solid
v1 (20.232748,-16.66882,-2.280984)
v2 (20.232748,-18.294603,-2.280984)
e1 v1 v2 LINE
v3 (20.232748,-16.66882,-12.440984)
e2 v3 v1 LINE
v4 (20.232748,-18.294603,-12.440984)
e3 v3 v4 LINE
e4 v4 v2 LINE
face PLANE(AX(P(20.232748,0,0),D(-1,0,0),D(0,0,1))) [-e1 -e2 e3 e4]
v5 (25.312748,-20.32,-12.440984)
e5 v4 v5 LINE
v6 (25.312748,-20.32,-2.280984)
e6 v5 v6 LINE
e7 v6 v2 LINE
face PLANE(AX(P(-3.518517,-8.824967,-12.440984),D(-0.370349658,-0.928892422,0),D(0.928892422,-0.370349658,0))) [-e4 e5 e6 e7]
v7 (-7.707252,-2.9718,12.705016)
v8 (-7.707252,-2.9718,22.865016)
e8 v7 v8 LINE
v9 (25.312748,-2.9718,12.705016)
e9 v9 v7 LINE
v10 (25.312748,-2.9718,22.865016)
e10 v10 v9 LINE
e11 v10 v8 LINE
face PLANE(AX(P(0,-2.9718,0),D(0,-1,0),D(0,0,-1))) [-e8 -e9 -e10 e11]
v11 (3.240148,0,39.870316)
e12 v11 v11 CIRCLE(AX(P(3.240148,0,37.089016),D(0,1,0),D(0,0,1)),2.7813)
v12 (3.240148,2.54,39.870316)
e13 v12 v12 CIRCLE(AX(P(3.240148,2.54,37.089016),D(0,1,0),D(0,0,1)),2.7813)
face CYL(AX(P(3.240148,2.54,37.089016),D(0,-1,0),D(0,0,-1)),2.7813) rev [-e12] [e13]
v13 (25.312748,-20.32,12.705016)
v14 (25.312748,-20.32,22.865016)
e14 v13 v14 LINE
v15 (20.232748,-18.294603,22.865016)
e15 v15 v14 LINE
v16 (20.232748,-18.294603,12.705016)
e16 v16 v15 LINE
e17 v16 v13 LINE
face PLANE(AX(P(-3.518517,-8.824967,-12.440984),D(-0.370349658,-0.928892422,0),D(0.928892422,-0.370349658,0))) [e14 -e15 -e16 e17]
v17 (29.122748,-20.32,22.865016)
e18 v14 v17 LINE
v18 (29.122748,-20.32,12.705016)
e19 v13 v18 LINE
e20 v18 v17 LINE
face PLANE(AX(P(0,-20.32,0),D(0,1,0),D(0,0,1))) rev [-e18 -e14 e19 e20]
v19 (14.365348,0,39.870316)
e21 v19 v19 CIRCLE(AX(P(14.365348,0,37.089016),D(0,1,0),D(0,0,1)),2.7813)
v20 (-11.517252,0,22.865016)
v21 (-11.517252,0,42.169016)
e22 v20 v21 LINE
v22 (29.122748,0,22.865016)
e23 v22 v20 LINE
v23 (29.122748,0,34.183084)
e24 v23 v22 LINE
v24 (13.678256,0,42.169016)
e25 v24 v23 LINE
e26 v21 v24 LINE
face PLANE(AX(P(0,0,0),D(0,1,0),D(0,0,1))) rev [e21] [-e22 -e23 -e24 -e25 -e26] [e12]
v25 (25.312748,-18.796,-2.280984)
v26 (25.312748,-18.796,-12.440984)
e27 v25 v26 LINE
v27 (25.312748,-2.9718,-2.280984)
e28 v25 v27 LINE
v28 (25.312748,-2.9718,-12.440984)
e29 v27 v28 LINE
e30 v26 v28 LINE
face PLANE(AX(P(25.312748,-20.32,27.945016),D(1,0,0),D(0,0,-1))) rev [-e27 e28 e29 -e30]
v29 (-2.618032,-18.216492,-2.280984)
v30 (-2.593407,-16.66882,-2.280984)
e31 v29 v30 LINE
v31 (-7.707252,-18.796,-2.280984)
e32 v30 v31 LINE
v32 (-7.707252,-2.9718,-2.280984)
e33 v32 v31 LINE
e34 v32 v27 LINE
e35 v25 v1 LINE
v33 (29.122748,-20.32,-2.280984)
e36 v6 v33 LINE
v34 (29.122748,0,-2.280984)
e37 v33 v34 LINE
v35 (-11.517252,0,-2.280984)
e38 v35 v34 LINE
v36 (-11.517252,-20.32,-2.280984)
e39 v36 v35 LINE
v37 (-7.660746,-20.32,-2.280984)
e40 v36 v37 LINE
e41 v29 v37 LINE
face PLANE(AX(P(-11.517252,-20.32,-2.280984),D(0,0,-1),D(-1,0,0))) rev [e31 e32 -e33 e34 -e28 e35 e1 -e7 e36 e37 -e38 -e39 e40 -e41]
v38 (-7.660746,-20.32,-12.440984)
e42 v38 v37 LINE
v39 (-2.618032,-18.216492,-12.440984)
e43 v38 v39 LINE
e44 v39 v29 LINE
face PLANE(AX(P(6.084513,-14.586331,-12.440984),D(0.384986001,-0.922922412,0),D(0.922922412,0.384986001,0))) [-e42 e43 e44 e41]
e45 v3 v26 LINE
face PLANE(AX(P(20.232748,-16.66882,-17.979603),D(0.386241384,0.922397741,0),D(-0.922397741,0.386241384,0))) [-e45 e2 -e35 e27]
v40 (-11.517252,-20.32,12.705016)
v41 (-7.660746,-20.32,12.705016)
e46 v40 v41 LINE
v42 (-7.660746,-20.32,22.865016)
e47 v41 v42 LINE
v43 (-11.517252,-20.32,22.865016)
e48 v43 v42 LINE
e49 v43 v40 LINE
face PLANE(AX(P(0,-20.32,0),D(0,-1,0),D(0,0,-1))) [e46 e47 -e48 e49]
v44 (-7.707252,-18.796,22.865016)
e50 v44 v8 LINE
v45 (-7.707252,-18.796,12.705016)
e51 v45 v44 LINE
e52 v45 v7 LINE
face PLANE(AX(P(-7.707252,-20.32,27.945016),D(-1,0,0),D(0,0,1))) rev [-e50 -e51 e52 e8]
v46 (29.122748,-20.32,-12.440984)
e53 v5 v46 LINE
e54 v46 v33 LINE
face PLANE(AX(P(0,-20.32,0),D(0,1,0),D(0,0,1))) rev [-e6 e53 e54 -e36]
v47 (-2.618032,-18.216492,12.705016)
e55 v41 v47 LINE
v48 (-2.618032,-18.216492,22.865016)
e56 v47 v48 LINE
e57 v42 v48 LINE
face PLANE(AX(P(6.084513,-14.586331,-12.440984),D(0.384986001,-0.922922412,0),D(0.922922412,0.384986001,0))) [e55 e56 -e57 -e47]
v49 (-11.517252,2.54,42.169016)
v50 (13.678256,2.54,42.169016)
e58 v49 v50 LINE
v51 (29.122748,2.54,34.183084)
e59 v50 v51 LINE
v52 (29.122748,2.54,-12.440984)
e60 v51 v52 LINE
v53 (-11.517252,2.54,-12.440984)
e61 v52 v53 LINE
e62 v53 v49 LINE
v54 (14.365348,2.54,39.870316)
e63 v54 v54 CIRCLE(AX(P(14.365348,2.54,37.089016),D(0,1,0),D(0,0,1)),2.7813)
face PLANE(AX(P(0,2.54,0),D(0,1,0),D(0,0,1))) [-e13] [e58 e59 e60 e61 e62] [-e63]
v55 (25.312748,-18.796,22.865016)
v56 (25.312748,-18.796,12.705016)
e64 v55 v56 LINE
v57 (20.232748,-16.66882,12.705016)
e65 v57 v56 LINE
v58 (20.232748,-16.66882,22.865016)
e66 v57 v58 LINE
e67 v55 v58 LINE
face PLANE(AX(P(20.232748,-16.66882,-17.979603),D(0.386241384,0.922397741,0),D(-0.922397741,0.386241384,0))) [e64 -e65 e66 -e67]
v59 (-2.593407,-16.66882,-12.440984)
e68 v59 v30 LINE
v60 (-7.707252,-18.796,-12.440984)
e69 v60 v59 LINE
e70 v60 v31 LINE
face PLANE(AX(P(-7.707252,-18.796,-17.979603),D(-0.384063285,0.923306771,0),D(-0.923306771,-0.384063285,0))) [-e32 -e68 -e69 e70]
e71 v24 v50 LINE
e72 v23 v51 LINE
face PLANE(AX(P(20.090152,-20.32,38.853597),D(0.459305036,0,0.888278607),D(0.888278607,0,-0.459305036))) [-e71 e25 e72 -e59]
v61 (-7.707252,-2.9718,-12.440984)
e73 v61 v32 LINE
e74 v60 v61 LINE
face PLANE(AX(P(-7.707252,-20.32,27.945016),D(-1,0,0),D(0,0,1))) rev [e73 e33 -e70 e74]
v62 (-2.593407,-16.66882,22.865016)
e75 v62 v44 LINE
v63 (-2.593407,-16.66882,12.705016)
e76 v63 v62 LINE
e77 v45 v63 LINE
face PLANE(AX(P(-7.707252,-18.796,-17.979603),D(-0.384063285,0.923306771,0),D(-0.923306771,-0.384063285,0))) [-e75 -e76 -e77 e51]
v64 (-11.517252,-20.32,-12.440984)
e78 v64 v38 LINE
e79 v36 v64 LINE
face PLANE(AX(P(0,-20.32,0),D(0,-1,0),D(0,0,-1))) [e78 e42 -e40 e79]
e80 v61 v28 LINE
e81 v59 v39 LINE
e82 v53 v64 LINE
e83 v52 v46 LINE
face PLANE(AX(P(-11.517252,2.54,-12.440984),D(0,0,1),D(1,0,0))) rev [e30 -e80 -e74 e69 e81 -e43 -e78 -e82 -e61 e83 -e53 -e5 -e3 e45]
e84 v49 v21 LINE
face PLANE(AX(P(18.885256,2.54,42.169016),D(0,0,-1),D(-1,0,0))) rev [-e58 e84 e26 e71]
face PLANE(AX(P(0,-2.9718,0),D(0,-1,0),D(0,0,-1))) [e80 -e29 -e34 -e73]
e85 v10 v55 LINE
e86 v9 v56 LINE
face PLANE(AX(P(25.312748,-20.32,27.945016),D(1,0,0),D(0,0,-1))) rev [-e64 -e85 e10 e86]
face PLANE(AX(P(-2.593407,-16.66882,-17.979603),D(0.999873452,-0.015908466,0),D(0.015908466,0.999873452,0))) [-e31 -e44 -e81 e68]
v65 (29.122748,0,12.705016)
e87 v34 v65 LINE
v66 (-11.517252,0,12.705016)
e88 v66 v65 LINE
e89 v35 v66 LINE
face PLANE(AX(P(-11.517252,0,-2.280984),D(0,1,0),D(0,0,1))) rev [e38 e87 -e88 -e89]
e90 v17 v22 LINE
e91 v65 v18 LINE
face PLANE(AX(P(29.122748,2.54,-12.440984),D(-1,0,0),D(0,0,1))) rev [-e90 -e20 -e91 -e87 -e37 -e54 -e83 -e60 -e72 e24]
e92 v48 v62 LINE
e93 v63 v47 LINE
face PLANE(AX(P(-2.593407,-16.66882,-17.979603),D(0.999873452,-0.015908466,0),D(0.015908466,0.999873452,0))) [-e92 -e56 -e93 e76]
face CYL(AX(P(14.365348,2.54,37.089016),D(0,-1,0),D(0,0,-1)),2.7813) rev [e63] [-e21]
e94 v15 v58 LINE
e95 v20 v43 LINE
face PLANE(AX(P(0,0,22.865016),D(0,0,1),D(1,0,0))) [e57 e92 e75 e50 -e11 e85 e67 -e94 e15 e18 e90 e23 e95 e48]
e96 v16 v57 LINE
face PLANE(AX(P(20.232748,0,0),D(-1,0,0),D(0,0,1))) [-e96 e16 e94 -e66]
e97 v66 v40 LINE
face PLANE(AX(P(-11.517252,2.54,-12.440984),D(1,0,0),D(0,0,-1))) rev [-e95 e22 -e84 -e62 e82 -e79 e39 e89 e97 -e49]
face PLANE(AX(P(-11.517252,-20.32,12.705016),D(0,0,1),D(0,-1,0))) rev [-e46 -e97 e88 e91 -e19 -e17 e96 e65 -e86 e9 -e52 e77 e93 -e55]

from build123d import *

# Parameters (mm, degrees)
SKETCH3_R           = 2.7813
BOSS_EXTRUDE3_DEPTH = 2.54
SKETCH4_W           = 3.81
SKETCH4_H           = 40.386
BOSS_EXTRUDE4_DEPTH = 20.32
SKETCH5_W           = 40.386
SKETCH5_H           = 1.524
BOSS_EXTRUDE5_DEPTH = 5.08
SKETCH6_W           = 40.386
SKETCH6_H           = 1.524
BOSS_EXTRUDE6_DEPTH = 5.08
SKETCH7_W           = 40.64
SKETCH7_H           = 20.32
CUT_EXTRUDE1_DEPTH  = 5.08
SKETCH11_W          = 40.64
SKETCH11_H          = 35.306
BOSS_EXTRUDE7_DEPTH = 2.9718
BOSS_EXTRUDE8_DEPTH = 35.306
SKETCH8_W           = 14.986
SKETCH8_H           = 20.32
CUT_EXTRUDE2_DEPTH  = 41.64
CUT_EXTRUDE3_DEPTH  = 36.306
SKETCH14_R          = 3.81
SKETCH14_R_2        = 2.7813
BOSS_EXTRUDE9_DEPTH = 2.54
CUT_EXTRUDE4_DEPTH  = 23.86


with BuildPart() as part:
    # Sketch3 → Boss-Extrude3 (new body)
    with BuildSketch(Plane(origin=(0, 0, 0), x_dir=(1, 0, 0), z_dir=(0, 1, 0))):
        Polygon((-11.517251908, 12.440983784), (29.122748092, 12.440983784), (29.122748092, -34.564151764), (29.122748092, -42.169016216), (18.885256114, -42.169016216), (-11.517251908, -42.169016216), align=None)
        with Locations((3.240148092, -37.089016216)):
            Circle(SKETCH3_R, mode=Mode.SUBTRACT)
        with Locations((14.365348092, -37.089016216)):
            Circle(SKETCH3_R, mode=Mode.SUBTRACT)
    extrude(amount=BOSS_EXTRUDE3_DEPTH)

    # Sketch4 → Boss-Extrude4 (add)
    with BuildSketch(Plane.XZ):
        with Locations((-9.612251908, 7.752016216)):
            Rectangle(SKETCH4_W, SKETCH4_H)
        with Locations((27.217748092, 7.752016216)):
            Rectangle(SKETCH4_W, SKETCH4_H)
    extrude(amount=BOSS_EXTRUDE4_DEPTH)

    # Sketch5 → Boss-Extrude5 (add)
    with BuildSketch(Plane(origin=(-7.707251908, 0, 0), x_dir=(0, 0, -1), z_dir=(1, 0, 0))):
        with Locations((-7.752016216, -19.558)):
            Rectangle(SKETCH5_W, SKETCH5_H)
    extrude(amount=BOSS_EXTRUDE5_DEPTH)

    # Sketch6 → Boss-Extrude6 (add)
    with BuildSketch(Plane.ZY.offset(-25.312748092)):
        with Locations((7.752016216, -19.558)):
            Rectangle(SKETCH6_W, SKETCH6_H)
    extrude(amount=BOSS_EXTRUDE6_DEPTH)

    # Sketch7 → Cut-Extrude1 (cut)
    with BuildSketch(Plane.XY.offset(27.945016216)):
        with Locations((8.802748092, -10.16)):
            Rectangle(SKETCH7_W, SKETCH7_H)
    extrude(amount=-CUT_EXTRUDE1_DEPTH, mode=Mode.SUBTRACT)

    # Sketch11 → Boss-Extrude7 (add)
    with BuildSketch(Plane.XZ):
        with Locations((8.802748092, 5.212016216)):
            Rectangle(SKETCH11_W, SKETCH11_H)
    extrude(amount=BOSS_EXTRUDE7_DEPTH)

    # Sketch12 → Boss-Extrude8 (add)
    with BuildSketch(Plane.XY.offset(22.865016216)):
        Polygon((-7.707251908, -18.796), (-2.593407451, -16.66881978), (-2.627251908, -18.796), align=None)
        Polygon((20.232748092, -18.796), (20.232748092, -16.66881978), (25.312748092, -18.796), align=None)
    extrude(amount=-BOSS_EXTRUDE8_DEPTH)

    # Sketch8 → Cut-Extrude2 (cut, through all)
    with BuildSketch(Plane(origin=(29.122748092, 0, 0), x_dir=(0, 0, -1), z_dir=(1, 0, 0))):
        with Locations((-5.212016216, -10.16)):
            Rectangle(SKETCH8_W, SKETCH8_H)
    extrude(amount=-CUT_EXTRUDE2_DEPTH, mode=Mode.SUBTRACT)

    # Sketch13 → Cut-Extrude3 (cut, through all)
    with BuildSketch(Plane.XY.offset(22.865016216)):
        Polygon((-2.618031664, -18.216492377), (-7.660745747, -20.32), (-2.627251908, -20.32), (-2.627251908, -18.796), align=None)
        Polygon((20.232748092, -18.294602636), (20.232748092, -20.32), (25.312748092, -20.32), align=None)
    extrude(amount=-CUT_EXTRUDE3_DEPTH, mode=Mode.SUBTRACT)

    # Sketch14 → Boss-Extrude9 (add)
    with BuildSketch(Plane.XZ):
        with Locations((3.240148092, 37.089016216)):
            Circle(SKETCH14_R)
        with Locations((3.240148092, 37.089016216)):
            Circle(SKETCH14_R_2, mode=Mode.SUBTRACT)
        with Locations((14.365348092, 37.089016216)):
            Circle(SKETCH14_R)
        with Locations((14.365348092, 37.089016216)):
            Circle(SKETCH14_R_2, mode=Mode.SUBTRACT)
    extrude(amount=-BOSS_EXTRUDE9_DEPTH)

    # Sketch15 → Cut-Extrude4 (cut, through all)
    with BuildSketch(Plane(origin=(0, 2.54, 0), x_dir=(1, 0, 0), z_dir=(0, 1, 0))):
        Polygon((18.885256114, -39.476616216), (13.678256114, -42.169016216), (29.122748092, -42.169016216), (29.122748092, -34.183083779), align=None)
    extrude(amount=-CUT_EXTRUDE4_DEPTH, mode=Mode.SUBTRACT)


solid = part.part
